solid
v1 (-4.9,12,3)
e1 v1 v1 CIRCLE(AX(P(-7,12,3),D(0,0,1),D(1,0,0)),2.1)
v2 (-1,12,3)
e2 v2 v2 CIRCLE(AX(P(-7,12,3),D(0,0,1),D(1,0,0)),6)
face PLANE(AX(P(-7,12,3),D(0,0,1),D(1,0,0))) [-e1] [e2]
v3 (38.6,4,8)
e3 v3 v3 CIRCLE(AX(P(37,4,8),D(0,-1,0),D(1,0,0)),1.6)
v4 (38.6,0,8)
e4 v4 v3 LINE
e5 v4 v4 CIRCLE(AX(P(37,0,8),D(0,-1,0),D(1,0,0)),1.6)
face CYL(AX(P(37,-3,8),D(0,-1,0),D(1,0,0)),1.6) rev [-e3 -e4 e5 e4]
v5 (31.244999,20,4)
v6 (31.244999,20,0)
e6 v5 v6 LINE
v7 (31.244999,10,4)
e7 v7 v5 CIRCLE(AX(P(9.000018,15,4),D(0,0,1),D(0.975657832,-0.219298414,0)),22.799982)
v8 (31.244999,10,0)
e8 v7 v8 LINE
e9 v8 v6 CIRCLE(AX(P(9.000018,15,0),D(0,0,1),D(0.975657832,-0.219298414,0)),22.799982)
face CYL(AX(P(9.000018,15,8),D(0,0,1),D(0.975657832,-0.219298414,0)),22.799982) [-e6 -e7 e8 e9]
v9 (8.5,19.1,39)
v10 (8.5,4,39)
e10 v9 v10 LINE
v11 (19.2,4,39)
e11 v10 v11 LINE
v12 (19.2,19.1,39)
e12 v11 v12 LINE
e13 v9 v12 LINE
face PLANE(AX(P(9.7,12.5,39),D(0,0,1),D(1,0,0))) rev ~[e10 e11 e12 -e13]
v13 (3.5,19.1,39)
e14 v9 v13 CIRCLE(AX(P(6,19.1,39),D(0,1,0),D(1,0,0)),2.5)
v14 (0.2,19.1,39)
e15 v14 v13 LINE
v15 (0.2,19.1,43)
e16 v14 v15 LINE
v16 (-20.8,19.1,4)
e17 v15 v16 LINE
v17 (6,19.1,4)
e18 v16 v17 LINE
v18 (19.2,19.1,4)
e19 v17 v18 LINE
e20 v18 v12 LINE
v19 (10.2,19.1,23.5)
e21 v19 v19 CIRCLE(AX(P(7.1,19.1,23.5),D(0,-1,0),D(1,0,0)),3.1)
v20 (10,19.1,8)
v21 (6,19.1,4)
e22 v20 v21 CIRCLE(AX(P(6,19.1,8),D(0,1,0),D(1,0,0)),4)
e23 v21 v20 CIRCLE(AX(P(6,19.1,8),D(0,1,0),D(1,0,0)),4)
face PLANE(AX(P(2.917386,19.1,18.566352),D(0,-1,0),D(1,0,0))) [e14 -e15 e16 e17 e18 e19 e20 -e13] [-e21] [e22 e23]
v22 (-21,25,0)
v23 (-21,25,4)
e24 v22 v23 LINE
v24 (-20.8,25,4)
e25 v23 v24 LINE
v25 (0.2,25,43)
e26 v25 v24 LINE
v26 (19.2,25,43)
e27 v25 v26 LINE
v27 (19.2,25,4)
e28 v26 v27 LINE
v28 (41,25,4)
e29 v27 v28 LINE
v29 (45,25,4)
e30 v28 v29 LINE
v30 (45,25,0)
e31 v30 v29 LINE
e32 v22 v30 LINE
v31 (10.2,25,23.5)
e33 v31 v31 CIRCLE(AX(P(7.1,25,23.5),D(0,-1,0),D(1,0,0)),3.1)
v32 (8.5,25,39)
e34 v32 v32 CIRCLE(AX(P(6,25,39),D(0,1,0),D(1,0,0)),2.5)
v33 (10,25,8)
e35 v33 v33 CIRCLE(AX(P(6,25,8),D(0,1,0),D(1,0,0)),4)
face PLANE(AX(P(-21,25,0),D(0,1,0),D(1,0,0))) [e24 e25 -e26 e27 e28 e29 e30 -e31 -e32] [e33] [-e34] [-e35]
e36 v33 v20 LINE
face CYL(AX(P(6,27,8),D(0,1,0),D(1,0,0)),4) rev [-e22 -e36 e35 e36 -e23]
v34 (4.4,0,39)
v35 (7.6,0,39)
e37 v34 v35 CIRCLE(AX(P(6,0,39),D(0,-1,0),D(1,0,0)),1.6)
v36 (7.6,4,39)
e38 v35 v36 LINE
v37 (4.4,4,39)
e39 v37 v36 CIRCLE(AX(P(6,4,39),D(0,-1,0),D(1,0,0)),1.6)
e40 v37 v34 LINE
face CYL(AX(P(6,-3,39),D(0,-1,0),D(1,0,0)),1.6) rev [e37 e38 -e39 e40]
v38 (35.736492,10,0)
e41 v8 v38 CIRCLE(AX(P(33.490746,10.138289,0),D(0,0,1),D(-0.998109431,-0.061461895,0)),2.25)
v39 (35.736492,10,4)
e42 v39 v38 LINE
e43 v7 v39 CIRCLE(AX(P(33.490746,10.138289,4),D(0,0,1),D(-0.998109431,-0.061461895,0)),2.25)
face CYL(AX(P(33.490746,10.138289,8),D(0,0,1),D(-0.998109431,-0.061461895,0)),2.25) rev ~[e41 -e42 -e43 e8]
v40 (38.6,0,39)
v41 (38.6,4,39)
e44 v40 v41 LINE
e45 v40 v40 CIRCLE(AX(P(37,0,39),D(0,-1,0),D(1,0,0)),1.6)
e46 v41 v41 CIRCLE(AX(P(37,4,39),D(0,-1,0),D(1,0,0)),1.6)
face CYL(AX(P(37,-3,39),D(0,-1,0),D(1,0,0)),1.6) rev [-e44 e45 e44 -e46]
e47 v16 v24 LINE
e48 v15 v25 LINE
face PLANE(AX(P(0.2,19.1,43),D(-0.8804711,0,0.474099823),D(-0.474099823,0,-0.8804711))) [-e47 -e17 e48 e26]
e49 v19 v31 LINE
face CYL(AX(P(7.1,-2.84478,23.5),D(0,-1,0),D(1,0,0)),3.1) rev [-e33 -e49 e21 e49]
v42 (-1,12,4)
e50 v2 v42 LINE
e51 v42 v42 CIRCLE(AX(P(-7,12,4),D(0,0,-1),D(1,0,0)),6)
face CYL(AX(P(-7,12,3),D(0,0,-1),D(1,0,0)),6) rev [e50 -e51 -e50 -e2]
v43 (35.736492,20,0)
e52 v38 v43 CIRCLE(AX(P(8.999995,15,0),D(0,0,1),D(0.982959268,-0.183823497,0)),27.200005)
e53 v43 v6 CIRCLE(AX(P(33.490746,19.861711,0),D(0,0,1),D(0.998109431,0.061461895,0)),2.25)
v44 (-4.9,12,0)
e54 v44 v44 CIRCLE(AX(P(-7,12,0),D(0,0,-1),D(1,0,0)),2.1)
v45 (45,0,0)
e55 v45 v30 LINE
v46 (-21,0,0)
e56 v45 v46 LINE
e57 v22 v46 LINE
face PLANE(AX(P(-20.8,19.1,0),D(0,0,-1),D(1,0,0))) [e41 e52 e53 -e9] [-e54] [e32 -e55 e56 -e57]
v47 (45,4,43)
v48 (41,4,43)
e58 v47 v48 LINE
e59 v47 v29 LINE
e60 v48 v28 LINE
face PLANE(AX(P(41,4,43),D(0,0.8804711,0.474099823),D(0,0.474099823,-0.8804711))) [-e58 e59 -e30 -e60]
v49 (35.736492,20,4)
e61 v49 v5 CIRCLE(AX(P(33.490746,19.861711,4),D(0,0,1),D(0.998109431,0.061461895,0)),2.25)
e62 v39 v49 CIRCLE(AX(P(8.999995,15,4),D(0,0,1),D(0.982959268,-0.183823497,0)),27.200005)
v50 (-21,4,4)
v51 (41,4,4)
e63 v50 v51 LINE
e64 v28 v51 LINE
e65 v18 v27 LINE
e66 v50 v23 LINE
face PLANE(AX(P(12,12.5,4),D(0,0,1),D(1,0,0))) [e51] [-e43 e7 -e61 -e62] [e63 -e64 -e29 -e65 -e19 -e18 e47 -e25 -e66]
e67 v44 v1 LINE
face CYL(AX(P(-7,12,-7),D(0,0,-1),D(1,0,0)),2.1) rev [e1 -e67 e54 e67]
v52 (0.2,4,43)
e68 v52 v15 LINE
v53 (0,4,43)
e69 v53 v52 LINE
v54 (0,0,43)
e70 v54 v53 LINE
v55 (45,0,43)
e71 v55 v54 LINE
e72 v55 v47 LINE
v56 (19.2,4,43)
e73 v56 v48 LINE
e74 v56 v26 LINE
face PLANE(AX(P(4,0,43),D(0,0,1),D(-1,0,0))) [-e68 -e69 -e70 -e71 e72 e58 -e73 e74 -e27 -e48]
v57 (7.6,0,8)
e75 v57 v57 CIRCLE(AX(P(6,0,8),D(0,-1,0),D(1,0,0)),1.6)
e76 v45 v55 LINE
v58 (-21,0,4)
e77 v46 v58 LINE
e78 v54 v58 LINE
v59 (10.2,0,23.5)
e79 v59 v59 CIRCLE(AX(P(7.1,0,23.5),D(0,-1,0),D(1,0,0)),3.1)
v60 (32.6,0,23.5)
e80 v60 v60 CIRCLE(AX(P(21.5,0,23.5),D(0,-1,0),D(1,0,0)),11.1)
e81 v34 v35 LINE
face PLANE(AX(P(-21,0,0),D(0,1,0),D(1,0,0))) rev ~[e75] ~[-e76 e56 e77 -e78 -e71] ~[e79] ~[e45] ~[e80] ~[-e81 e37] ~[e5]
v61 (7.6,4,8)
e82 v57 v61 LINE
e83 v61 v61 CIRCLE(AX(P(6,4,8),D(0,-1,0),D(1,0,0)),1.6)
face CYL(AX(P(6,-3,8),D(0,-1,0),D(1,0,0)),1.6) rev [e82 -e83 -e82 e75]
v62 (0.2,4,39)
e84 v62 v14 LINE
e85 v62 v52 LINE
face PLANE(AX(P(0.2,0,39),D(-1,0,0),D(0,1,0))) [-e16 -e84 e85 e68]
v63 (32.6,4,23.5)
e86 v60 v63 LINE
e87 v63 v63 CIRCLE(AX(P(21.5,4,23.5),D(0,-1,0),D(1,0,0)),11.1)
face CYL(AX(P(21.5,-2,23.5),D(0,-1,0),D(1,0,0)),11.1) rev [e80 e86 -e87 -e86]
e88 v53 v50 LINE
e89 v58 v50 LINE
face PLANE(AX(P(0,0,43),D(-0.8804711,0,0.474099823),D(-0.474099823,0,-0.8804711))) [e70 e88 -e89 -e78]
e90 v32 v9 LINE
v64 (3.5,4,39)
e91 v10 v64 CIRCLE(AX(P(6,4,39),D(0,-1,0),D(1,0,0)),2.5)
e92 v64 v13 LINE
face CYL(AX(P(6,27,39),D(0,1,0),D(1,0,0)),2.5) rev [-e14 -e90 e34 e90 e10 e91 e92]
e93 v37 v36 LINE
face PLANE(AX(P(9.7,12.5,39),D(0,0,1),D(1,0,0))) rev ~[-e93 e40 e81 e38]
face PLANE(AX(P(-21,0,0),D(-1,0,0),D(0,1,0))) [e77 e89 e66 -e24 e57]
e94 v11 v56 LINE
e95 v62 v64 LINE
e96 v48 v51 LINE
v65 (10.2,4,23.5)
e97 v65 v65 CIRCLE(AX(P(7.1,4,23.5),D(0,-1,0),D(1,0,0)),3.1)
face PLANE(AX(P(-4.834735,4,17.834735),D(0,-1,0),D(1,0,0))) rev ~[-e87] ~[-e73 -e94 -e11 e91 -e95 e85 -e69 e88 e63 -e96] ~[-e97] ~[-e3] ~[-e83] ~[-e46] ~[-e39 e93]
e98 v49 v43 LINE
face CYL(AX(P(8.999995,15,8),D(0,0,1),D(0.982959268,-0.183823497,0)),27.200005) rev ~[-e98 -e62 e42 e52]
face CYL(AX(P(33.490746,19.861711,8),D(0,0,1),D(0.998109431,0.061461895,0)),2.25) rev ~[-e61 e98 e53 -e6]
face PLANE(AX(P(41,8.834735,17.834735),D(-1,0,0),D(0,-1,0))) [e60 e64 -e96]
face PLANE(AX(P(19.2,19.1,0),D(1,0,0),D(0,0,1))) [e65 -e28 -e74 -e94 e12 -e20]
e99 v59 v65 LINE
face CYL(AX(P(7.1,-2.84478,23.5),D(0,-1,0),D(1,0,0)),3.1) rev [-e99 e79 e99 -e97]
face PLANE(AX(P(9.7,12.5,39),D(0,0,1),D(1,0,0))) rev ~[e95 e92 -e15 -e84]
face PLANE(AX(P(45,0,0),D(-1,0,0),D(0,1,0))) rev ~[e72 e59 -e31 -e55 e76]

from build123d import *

# Parameters (mm, degrees)
CYLINDER031_R              = 3.1
CYLINDER031_DEPTH          = 32.5
EXTRUDE002_DEPTH           = 10
CYLINDER038_R              = 2.5
CYLINDER038_DEPTH          = 23
CYLINDER032_R              = 4
CYLINDER032_DEPTH          = 10
EXTRUDE005_DEPTH           = 4
EXTRUDE005_PLACEMENT_ANGLE = 90
CYLINDER019_R              = 11.1
CYLINDER019_DEPTH          = 10
CYLINDER015_R              = 1.6
CYLINDER015_DEPTH          = 10
CYLINDER016_R              = 1.6
CYLINDER016_DEPTH          = 10
CYLINDER017_R              = 1.6
CYLINDER017_DEPTH          = 10
CYLINDER018_R              = 1.6
CYLINDER018_DEPTH          = 10
BOX002_W                   = 44
BOX002_H                   = 4
BOX002_DEPTH               = 43
EXTRUDE001_DEPTH           = 4
EXTRUDE006_DEPTH           = 5.9
EXTRUDE006_PLACEMENT_ANGLE = 90
CYLINDER021_R              = 6
CYLINDER021_DEPTH          = 6
CYLINDER020_R              = 2.1
CYLINDER020_DEPTH          = 10
BOX003_W                   = 66
BOX003_H                   = 25
BOX003_DEPTH               = 4
BOX_W                      = 19
BOX_H                      = 25
BOX_DEPTH                  = 4
CYLINDER028_R              = 11.1
CYLINDER028_DEPTH          = 10
CYLINDER025_R              = 1.6
CYLINDER025_DEPTH          = 10
CYLINDER024_R              = 1.6
CYLINDER024_DEPTH          = 10
CYLINDER023_R              = 1.6
CYLINDER023_DEPTH          = 10
CYLINDER029_R              = 1.6
CYLINDER029_DEPTH          = 10
BOX005_W                   = 44
BOX005_H                   = 4
BOX005_DEPTH               = 43


with BuildPart() as cylinder031:
    # Cylinder031 → Cylinder031 (new body)
    with BuildSketch(Plane(origin=(7.1, -2.84478, 23.5), x_dir=(1, 0, 0), z_dir=(0, 1, 0))):
        Circle(CYLINDER031_R)
    extrude(amount=CYLINDER031_DEPTH)


with BuildPart() as extrude002:
    # Sketch001 → Extrude002 (new body)
    with BuildSketch(Plane.XY):
        with BuildLine():
            ThreePointArc((35.736492, 10), (36.2, 15), (35.736492, 20))
            ThreePointArc((35.736492, 20), (33.490746, 22.111711), (31.244999, 20))
            ThreePointArc((31.244999, 10), (31.8, 15), (31.244999, 20))
            ThreePointArc((31.244999, 10), (33.490746, 7.888289), (35.736492, 10))
        make_face()
    extrude(amount=-EXTRUDE002_DEPTH)


with BuildPart() as extrude002_1:
    # Extrude002 placement: moved
    add(extrude002.part.moved(Location((0, 0, 8))))


with BuildPart() as cylinder038:
    # Cylinder038 → Cylinder038 (new body)
    with BuildSketch(Plane(origin=(6, 27, 39), x_dir=(1, 0, 0), z_dir=(0, -1, 0))):
        Circle(CYLINDER038_R)
    extrude(amount=CYLINDER038_DEPTH)


with BuildPart() as cylinder032:
    # Cylinder032 → Cylinder032 (new body)
    with BuildSketch(Plane(origin=(6, 27, 8), x_dir=(1, 0, 0), z_dir=(0, -1, 0))):
        Circle(CYLINDER032_R)
    extrude(amount=CYLINDER032_DEPTH)


with BuildPart() as extrude005:
    # Sketch003 → Extrude005 (new body)
    with BuildSketch(Plane.YZ):
        Polygon((0, 0), (0, 43), (4, 43), (25, 4), (25, 0), align=None)
    extrude(amount=EXTRUDE005_DEPTH)


with BuildPart() as extrude005_1:
    # Extrude005 placement: moved
    add(extrude005.part.moved(Location((4, 0, 0))).rotate(Axis((4, 0, 0), (0, 0, 1)), EXTRUDE005_PLACEMENT_ANGLE))


with BuildPart() as cylinder019:
    # Cylinder019 → Cylinder019 (new body)
    with BuildSketch(Plane(origin=(21.5, -2, 23.5), x_dir=(1, 0, 0), z_dir=(0, 1, 0))):
        Circle(CYLINDER019_R)
    extrude(amount=CYLINDER019_DEPTH)


with BuildPart() as cylinder015:
    # Cylinder015 → Cylinder015 (new body)
    with BuildSketch(Plane(origin=(37, -3, 8), x_dir=(1, 0, 0), z_dir=(0, 1, 0))):
        Circle(CYLINDER015_R)
    extrude(amount=CYLINDER015_DEPTH)


with BuildPart() as cylinder016:
    # Cylinder016 → Cylinder016 (new body)
    with BuildSketch(Plane(origin=(6, -3, 8), x_dir=(1, 0, 0), z_dir=(0, 1, 0))):
        Circle(CYLINDER016_R)
    extrude(amount=CYLINDER016_DEPTH)


with BuildPart() as cylinder017:
    # Cylinder017 → Cylinder017 (new body)
    with BuildSketch(Plane(origin=(6, -3, 39), x_dir=(1, 0, 0), z_dir=(0, 1, 0))):
        Circle(CYLINDER017_R)
    extrude(amount=CYLINDER017_DEPTH)


with BuildPart() as cylinder018:
    # Cylinder018 → Cylinder018 (new body)
    with BuildSketch(Plane(origin=(37, -3, 39), x_dir=(1, 0, 0), z_dir=(0, 1, 0))):
        Circle(CYLINDER018_R)
    extrude(amount=CYLINDER018_DEPTH)


with BuildPart() as cut014:
    # Box002 → Box002 (new body)
    with BuildSketch(Plane.XY):
        with Locations((22, 2)):
            Rectangle(BOX002_W, BOX002_H)
    extrude(amount=BOX002_DEPTH)

    # Cut010: cut Cylinder018
    add(cylinder018.part, mode=Mode.SUBTRACT)

    # Cut011: cut Cylinder017
    add(cylinder017.part, mode=Mode.SUBTRACT)

    # Cut012: cut Cylinder016
    add(cylinder016.part, mode=Mode.SUBTRACT)

    # Cut013: cut Cylinder015
    add(cylinder015.part, mode=Mode.SUBTRACT)

    # Cut014: cut Cylinder019
    add(cylinder019.part, mode=Mode.SUBTRACT)


with BuildPart() as extrude001:
    # Sketch → Extrude001 (new body)
    with BuildSketch(Plane.YZ):
        Polygon((0, 0), (0, 43), (4, 43), (25, 4), (25, 0), align=None)
    extrude(amount=EXTRUDE001_DEPTH)


with BuildPart() as extrude001_1:
    # Extrude001 placement: moved
    add(extrude001.part.moved(Location((41, 0, 0))))


with BuildPart() as extrude006:
    # Sketch004 → Extrude006 (new body)
    with BuildSketch(Plane.YZ):
        Polygon((0, 0), (0, 43), (19, 43), (40, 4), (40, 0), align=None)
    extrude(amount=EXTRUDE006_DEPTH)


with BuildPart() as extrude006_1:
    # Extrude006 placement: moved
    add(extrude006.part.moved(Location((19.2, 19.1, 0))).rotate(Axis((19.2, 19.1, 0), (0, 0, 1)), EXTRUDE006_PLACEMENT_ANGLE))


with BuildPart() as cylinder021:
    # Cylinder021 → Cylinder021 (new body)
    with BuildSketch(Plane.XY.offset(10)):
        Circle(CYLINDER021_R)
    extrude(amount=CYLINDER021_DEPTH)


with BuildPart() as fusion004:
    # Cylinder020 → Cylinder020 (new body)
    with BuildSketch(Plane.XY):
        Circle(CYLINDER020_R)
    extrude(amount=CYLINDER020_DEPTH)

    # Fusion004: union Cylinder021
    add(cylinder021.part)


with BuildPart() as fusion004_1:
    # Fusion004 placement: moved
    add(fusion004.part.moved(Location((-7, 12, -7))))


with BuildPart() as cut029:
    # Box003 → Box003 (new body)
    with BuildSketch(Plane(origin=(-21, 0, 0), x_dir=(1, 0, 0), z_dir=(0, 0, 1))):
        with Locations((33, 12.5)):
            Rectangle(BOX003_W, BOX003_H)
    extrude(amount=BOX003_DEPTH)

    # Cut: cut Fusion004
    add(fusion004_1.part, mode=Mode.SUBTRACT)

    # Fusion: union Extrude005, Cut014, Extrude001, Extrude006
    add(extrude005_1.part)
    add(cut014.part)
    add(extrude001_1.part)
    add(extrude006_1.part)

    # Cut029: cut Cylinder032
    add(cylinder032.part, mode=Mode.SUBTRACT)


with BuildPart() as box:
    # Box → Box (new body)
    with BuildSketch(Plane(origin=(0.2, 0, 39), x_dir=(1, 0, 0), z_dir=(0, 0, 1))):
        with Locations((9.5, 12.5)):
            Rectangle(BOX_W, BOX_H)
    extrude(amount=BOX_DEPTH)


with BuildPart() as cylinder028:
    # Cylinder028 → Cylinder028 (new body)
    with BuildSketch(Plane(origin=(21.5, -2, 23.5), x_dir=(1, 0, 0), z_dir=(0, 1, 0))):
        Circle(CYLINDER028_R)
    extrude(amount=CYLINDER028_DEPTH)


with BuildPart() as cylinder025:
    # Cylinder025 → Cylinder025 (new body)
    with BuildSketch(Plane(origin=(37, -3, 8), x_dir=(1, 0, 0), z_dir=(0, 1, 0))):
        Circle(CYLINDER025_R)
    extrude(amount=CYLINDER025_DEPTH)


with BuildPart() as cylinder024:
    # Cylinder024 → Cylinder024 (new body)
    with BuildSketch(Plane(origin=(6, -3, 8), x_dir=(1, 0, 0), z_dir=(0, 1, 0))):
        Circle(CYLINDER024_R)
    extrude(amount=CYLINDER024_DEPTH)


with BuildPart() as cylinder023:
    # Cylinder023 → Cylinder023 (new body)
    with BuildSketch(Plane(origin=(6, -3, 39), x_dir=(1, 0, 0), z_dir=(0, 1, 0))):
        Circle(CYLINDER023_R)
    extrude(amount=CYLINDER023_DEPTH)


with BuildPart() as cylinder029:
    # Cylinder029 → Cylinder029 (new body)
    with BuildSketch(Plane(origin=(37, -3, 39), x_dir=(1, 0, 0), z_dir=(0, 1, 0))):
        Circle(CYLINDER029_R)
    extrude(amount=CYLINDER029_DEPTH)


with BuildPart() as cut032:
    # Box005 → Box005 (new body)
    with BuildSketch(Plane.XY):
        with Locations((22, 2)):
            Rectangle(BOX005_W, BOX005_H)
    extrude(amount=BOX005_DEPTH)

    # Cut017: cut Cylinder029
    add(cylinder029.part, mode=Mode.SUBTRACT)

    # Cut018: cut Cylinder023
    add(cylinder023.part, mode=Mode.SUBTRACT)

    # Cut021: cut Cylinder024
    add(cylinder024.part, mode=Mode.SUBTRACT)

    # Cut022: cut Cylinder025
    add(cylinder025.part, mode=Mode.SUBTRACT)

    # Cut016: cut Cylinder028
    add(cylinder028.part, mode=Mode.SUBTRACT)

    # Fusion008: union Box
    add(box.part)

    # Fusion009: union Cut029
    add(cut029.part)

    # Cut030: cut Cylinder038
    add(cylinder038.part, mode=Mode.SUBTRACT)

    # Cut031: cut Extrude002
    add(extrude002_1.part, mode=Mode.SUBTRACT)

    # Cut032: cut Cylinder031
    add(cylinder031.part, mode=Mode.SUBTRACT)


solid = cut032.part
